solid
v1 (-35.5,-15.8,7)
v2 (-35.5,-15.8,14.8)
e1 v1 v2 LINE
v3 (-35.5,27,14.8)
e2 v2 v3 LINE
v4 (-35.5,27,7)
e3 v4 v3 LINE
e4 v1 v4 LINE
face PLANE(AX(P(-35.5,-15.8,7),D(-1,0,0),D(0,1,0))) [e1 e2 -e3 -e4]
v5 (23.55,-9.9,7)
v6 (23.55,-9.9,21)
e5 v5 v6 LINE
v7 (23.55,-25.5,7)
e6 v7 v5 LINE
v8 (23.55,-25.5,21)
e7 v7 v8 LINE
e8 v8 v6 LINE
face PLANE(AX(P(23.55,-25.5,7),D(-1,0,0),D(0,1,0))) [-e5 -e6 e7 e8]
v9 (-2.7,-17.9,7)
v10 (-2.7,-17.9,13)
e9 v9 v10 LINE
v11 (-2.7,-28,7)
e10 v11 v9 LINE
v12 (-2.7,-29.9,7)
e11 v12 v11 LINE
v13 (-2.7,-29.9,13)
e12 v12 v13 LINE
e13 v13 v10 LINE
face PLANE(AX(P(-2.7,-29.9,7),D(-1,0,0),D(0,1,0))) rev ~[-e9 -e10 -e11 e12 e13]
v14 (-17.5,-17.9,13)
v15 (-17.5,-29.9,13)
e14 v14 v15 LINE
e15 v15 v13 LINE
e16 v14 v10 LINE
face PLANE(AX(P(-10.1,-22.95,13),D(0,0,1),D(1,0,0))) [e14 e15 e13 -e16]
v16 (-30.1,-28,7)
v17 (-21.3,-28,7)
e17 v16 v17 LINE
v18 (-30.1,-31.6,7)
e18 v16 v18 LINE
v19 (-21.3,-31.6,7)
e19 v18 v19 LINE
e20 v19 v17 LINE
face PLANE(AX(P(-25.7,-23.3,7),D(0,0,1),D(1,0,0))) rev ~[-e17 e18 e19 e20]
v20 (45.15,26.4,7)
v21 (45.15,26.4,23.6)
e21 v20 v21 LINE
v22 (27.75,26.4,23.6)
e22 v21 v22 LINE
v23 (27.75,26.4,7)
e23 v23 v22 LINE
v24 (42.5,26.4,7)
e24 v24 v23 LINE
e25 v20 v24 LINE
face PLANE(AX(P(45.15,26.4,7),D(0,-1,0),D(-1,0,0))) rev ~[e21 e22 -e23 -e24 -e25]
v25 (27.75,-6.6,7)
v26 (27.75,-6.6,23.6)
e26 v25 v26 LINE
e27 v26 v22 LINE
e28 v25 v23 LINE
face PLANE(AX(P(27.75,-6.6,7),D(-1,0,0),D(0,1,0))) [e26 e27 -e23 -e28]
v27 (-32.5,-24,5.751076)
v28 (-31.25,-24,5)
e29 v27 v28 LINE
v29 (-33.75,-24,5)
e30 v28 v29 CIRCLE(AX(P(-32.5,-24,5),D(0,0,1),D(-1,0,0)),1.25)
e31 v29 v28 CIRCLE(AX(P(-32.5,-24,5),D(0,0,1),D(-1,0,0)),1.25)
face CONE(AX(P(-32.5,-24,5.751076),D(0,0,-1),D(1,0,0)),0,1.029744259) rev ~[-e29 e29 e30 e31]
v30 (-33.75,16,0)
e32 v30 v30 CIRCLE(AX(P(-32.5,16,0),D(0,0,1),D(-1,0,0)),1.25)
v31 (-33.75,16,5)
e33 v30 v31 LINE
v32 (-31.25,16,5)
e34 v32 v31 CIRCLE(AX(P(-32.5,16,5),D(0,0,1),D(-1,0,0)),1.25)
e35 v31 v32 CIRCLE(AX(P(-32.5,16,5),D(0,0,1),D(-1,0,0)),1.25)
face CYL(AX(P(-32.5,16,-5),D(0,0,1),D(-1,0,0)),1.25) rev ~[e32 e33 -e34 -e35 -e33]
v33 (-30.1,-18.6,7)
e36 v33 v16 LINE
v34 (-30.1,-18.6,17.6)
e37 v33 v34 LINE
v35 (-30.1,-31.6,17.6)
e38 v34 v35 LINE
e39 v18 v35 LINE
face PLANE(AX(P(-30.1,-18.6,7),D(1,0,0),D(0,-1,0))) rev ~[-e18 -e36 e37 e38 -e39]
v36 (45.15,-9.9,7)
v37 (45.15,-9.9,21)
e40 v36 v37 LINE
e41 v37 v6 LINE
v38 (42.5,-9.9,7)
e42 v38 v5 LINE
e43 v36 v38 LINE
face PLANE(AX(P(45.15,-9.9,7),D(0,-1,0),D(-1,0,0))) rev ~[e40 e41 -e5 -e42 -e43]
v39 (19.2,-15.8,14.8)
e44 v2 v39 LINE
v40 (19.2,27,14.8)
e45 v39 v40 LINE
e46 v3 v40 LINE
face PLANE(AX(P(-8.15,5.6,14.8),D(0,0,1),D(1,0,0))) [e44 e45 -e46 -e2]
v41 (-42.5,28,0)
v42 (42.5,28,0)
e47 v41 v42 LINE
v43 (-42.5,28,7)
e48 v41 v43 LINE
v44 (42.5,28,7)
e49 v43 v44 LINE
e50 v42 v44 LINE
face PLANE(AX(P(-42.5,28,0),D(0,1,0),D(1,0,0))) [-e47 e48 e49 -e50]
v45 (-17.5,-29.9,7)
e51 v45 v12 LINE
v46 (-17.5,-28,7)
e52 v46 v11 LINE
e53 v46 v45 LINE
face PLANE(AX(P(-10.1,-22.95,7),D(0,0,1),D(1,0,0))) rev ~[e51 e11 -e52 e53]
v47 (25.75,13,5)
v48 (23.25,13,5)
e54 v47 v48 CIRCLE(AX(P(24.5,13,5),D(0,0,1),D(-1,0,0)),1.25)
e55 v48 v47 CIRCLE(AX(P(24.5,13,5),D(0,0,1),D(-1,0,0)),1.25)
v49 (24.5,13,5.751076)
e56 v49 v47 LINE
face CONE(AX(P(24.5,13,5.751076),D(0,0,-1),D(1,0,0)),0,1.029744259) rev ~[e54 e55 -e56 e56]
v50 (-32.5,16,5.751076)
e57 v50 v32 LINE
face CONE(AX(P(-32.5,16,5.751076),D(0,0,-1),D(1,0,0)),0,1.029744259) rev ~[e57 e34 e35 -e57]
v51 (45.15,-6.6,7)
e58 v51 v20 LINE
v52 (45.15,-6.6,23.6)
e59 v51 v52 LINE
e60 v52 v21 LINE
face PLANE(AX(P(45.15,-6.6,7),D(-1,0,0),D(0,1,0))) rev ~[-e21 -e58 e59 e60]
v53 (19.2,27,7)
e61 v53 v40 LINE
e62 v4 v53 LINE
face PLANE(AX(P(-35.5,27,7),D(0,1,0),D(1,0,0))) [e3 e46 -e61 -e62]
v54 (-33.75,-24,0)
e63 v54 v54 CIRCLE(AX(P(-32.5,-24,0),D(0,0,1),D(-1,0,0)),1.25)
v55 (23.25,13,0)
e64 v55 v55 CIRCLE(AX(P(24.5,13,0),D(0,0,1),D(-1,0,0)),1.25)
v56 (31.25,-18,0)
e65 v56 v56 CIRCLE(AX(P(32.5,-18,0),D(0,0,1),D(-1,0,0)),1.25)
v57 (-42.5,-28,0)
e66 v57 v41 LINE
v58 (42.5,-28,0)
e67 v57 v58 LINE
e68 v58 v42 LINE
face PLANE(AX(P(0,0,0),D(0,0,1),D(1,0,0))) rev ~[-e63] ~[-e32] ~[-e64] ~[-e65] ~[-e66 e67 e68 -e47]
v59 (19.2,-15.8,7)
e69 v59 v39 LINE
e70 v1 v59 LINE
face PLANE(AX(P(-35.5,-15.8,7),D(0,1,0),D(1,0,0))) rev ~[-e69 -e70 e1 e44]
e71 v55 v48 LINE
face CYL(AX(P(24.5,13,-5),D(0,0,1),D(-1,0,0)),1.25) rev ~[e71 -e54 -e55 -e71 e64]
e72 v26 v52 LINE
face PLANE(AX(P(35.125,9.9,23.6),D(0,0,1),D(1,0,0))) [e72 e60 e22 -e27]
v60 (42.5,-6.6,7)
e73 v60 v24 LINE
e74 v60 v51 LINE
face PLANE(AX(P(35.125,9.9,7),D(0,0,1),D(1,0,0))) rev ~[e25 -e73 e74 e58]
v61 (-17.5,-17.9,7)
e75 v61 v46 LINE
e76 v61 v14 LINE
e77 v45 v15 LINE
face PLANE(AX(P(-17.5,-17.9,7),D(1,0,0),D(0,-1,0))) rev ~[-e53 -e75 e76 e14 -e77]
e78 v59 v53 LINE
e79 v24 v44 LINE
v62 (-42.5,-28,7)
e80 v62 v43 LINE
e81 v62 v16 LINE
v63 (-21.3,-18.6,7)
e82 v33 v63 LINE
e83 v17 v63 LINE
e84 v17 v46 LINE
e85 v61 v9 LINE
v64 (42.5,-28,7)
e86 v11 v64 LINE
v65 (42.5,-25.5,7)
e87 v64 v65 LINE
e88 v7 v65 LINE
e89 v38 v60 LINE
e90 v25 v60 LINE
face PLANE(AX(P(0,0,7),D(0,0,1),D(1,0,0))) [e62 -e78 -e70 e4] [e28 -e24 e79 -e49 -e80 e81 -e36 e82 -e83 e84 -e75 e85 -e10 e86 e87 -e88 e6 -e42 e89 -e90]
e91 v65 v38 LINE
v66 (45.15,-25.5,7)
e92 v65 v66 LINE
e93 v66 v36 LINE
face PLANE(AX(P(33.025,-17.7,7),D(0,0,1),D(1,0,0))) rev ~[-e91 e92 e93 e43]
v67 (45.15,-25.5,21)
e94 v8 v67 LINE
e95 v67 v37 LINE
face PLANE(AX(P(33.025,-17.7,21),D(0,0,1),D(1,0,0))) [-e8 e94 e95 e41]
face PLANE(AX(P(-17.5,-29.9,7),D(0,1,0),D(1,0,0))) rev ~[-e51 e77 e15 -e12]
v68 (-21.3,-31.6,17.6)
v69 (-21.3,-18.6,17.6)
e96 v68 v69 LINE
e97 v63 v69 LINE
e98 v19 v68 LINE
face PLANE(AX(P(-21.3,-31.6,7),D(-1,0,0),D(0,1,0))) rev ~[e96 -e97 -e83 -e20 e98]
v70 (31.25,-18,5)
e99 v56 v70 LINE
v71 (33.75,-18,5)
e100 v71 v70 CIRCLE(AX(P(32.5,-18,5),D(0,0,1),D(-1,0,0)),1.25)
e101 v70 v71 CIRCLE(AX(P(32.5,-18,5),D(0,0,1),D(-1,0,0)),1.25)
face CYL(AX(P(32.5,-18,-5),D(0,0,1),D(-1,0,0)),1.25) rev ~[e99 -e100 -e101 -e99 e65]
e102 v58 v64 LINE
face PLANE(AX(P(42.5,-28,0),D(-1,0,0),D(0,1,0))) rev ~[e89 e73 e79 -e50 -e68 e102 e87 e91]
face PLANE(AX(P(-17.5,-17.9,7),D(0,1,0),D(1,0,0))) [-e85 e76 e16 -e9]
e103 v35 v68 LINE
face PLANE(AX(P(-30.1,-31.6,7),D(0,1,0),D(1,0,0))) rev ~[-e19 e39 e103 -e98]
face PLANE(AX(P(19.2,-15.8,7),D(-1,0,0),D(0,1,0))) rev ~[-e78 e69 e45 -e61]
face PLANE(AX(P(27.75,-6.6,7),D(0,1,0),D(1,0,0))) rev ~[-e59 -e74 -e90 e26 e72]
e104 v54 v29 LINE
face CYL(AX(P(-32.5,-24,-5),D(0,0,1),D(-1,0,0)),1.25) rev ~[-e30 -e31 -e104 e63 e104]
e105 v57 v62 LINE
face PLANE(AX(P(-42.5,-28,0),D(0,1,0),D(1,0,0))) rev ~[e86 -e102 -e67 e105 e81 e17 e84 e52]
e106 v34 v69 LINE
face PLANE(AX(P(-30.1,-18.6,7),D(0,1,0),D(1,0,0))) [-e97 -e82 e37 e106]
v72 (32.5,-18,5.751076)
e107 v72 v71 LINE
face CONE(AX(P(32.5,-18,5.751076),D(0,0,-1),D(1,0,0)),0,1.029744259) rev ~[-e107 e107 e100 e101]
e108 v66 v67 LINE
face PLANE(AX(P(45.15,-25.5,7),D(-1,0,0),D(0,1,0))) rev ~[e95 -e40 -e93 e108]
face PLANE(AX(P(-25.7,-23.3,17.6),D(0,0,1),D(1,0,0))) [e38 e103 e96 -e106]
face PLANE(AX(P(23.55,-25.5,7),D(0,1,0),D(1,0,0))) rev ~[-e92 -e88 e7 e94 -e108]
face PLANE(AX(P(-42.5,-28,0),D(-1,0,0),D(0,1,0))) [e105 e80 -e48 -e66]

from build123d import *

# Parameters (mm, degrees)
F0_W     = 85
F0_H     = 56
F1_DEPTH = 7
F2_W     = 14.75
F2_H     = 33
F2_W_2   = 2.65
F3_DEPTH = 16.6
F2_W_3   = 18.95
F2_H_2   = 15.6
F4_DEPTH = 14
F2_W_4   = 14.8
F2_H_3   = 10.1
F2_H_4   = 1.9
F5_DEPTH = 6
F2_W_5   = 8.8
F2_H_5   = 9.4
F2_H_6   = 3.6
F6_DEPTH = 10.6
F2_W_6   = 54.7
F2_H_7   = 42.8
F7_DEPTH = 7.8
F8_D     = 2.5
F8_DEPTH = 5
F8_TIP   = 0.7510757738


with BuildPart() as f1:
    # F0 (on Top) → F1 (new body)
    with BuildSketch(Plane.XY):
        Rectangle(F0_W, F0_H)
    extrude(amount=F1_DEPTH)

    # F2 (on face) → F3 (join)
    with BuildSketch(Plane.XY.offset(7)):
        with Locations((35.125, 9.9)):
            Rectangle(F2_W, F2_H)
        with Locations((43.825, 9.9)):
            Rectangle(F2_W_2, F2_H)
    extrude(amount=F3_DEPTH)

    # F2 (on face) → F4 (join)
    with BuildSketch(Plane.XY.offset(7)):
        with Locations((33.025, -17.7)):
            Rectangle(F2_W_3, F2_H_2)
        with Locations((43.825, -17.7)):
            Rectangle(F2_W_2, F2_H_2)
    extrude(amount=F4_DEPTH)

    # F2 (on face) → F5 (join)
    with BuildSketch(Plane.XY.offset(7)):
        with Locations((-10.1, -22.95)):
            Rectangle(F2_W_4, F2_H_3)
        with Locations((-10.1, -28.95)):
            Rectangle(F2_W_4, F2_H_4)
    extrude(amount=F5_DEPTH)

    # F2 (on face) → F6 (join)
    with BuildSketch(Plane.XY.offset(7)):
        with Locations((-25.7, -23.3)):
            Rectangle(F2_W_5, F2_H_5)
        with Locations((-25.7, -29.8)):
            Rectangle(F2_W_5, F2_H_6)
    extrude(amount=F6_DEPTH)

    # F2 (on face) → F7 (join)
    with BuildSketch(Plane.XY.offset(7)):
        with Locations((-8.15, 5.6)):
            Rectangle(F2_W_6, F2_H_7)
    extrude(amount=F7_DEPTH)

    # F8
    with Locations(Plane(origin=(0, 0, 0), x_dir=(1, 0, 0), z_dir=(0, 0, -1))):
        with Locations((-32.5, 24), (32.5, 18), (24.5, -13), (-32.5, -16)):
            Hole(F8_D / 2, depth=F8_DEPTH)
            with Locations((0, 0, -(F8_DEPTH + F8_TIP / 2))):  # 118° drill point
                Cone(0, F8_D / 2, F8_TIP, mode=Mode.SUBTRACT)


solid = f1.part
